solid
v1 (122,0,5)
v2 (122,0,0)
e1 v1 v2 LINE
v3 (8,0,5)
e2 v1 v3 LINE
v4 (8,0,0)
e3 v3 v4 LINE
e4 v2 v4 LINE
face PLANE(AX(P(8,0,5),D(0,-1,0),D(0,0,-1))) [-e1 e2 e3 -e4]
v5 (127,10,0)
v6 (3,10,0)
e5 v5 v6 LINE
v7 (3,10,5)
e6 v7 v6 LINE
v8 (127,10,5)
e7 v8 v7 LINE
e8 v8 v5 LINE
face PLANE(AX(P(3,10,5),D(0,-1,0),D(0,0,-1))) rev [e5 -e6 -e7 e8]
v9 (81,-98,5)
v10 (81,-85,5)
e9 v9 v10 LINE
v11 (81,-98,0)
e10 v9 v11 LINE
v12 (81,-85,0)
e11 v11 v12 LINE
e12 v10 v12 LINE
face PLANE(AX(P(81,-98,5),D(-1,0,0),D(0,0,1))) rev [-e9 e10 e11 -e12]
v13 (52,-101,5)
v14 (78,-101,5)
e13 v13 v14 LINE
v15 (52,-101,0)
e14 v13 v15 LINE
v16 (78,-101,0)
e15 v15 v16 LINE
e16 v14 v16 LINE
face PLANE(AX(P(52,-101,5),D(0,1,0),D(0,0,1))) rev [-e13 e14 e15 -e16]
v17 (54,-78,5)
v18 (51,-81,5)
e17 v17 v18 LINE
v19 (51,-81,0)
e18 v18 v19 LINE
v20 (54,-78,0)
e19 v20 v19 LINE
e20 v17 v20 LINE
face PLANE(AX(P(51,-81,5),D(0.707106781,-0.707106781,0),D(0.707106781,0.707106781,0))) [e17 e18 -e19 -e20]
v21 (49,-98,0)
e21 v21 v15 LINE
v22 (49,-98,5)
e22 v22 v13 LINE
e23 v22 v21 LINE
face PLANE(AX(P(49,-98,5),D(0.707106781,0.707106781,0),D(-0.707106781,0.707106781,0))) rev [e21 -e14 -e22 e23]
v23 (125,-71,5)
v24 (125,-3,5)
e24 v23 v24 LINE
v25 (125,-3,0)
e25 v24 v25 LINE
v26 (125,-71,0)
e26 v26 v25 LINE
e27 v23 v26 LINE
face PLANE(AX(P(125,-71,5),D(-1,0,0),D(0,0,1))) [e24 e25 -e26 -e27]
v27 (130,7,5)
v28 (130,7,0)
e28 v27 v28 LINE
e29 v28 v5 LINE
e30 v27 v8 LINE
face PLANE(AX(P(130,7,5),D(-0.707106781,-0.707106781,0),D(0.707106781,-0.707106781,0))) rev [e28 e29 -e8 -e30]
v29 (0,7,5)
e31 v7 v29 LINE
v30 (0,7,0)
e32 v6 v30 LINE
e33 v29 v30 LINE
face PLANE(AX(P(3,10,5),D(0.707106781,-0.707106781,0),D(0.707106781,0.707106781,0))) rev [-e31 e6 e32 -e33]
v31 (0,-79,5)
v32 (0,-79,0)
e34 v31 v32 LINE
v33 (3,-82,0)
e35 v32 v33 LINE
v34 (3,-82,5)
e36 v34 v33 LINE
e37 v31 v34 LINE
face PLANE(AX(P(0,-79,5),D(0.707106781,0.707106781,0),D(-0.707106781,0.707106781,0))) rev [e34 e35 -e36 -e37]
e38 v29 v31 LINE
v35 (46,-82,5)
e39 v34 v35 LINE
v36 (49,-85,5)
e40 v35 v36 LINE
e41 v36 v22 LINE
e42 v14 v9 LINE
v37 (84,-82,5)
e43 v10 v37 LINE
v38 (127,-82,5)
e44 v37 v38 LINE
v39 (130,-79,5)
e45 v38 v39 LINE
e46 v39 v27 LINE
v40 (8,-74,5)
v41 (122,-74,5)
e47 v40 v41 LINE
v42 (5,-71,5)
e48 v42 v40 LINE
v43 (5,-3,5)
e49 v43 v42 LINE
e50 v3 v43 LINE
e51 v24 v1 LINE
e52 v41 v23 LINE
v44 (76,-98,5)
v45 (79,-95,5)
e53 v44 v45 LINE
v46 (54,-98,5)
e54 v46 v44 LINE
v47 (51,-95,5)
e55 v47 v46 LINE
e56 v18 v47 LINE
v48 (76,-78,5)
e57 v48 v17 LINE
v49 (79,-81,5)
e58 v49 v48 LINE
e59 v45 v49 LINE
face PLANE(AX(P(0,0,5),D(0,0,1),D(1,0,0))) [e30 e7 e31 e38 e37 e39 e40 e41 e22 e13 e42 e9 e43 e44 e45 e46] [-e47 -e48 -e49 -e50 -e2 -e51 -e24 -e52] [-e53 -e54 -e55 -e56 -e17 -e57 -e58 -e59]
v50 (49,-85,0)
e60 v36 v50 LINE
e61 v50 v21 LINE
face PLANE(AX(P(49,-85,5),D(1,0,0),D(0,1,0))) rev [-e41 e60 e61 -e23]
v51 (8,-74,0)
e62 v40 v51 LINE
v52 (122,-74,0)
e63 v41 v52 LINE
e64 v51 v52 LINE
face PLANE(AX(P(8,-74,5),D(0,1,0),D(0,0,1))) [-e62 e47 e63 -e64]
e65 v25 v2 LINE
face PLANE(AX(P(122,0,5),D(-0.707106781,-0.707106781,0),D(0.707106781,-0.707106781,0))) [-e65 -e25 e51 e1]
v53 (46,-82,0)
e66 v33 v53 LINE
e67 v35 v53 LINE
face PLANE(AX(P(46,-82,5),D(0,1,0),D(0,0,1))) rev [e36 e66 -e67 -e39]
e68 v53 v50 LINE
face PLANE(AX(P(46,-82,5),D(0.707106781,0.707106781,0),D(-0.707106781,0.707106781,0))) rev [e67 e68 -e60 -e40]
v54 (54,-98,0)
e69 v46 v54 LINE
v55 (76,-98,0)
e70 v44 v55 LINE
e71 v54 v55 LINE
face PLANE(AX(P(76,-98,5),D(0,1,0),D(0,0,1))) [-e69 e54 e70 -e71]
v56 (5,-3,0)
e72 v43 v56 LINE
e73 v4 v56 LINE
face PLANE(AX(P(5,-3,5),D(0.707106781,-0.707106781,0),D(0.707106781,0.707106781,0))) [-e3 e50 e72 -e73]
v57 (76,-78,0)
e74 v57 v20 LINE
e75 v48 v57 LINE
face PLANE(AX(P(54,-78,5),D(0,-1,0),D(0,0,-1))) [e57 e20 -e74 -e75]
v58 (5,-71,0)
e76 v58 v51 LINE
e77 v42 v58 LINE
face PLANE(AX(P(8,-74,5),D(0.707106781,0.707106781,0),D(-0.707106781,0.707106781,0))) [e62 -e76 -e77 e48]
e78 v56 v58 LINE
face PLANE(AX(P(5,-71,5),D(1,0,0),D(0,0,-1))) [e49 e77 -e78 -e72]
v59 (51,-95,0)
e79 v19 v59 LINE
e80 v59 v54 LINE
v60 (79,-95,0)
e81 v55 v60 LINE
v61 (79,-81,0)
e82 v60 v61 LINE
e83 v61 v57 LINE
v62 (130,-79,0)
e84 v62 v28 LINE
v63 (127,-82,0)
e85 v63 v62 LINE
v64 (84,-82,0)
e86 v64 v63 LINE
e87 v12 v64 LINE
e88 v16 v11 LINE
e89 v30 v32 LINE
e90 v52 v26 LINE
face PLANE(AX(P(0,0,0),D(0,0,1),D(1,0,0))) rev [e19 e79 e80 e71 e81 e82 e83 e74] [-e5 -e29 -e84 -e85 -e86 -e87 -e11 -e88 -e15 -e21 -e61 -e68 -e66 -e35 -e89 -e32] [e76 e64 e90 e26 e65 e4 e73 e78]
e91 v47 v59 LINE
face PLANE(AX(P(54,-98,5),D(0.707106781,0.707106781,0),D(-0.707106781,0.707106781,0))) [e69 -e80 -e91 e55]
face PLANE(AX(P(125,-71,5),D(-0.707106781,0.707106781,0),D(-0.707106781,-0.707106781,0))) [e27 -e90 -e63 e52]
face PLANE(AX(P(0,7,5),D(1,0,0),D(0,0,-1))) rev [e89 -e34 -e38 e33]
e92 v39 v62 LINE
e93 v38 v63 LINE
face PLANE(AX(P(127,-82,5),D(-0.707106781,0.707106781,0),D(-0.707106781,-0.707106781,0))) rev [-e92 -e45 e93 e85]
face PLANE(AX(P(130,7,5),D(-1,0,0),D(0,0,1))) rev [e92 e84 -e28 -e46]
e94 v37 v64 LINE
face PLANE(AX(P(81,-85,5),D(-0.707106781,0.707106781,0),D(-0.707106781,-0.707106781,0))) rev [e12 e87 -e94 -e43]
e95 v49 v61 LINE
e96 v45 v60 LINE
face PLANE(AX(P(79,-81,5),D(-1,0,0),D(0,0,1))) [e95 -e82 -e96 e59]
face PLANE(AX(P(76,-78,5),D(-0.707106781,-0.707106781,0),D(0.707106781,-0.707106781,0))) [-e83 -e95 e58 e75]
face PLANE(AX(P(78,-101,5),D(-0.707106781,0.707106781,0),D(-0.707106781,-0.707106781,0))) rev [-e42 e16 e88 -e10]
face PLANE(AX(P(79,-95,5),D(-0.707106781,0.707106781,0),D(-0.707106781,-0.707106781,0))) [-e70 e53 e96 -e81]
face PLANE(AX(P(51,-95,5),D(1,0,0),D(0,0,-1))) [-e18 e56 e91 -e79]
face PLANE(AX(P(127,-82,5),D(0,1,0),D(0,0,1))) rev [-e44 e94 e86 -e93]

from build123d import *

# Parameters (mm, degrees)
BOSS_EXTRUDE1_DEPTH = 5


with BuildPart() as part:
    # Sketch1 → Boss-Extrude1 (new body)
    with BuildSketch(Plane.XY):
        Polygon((3, 10), (127, 10), (130, 7), (130, -79), (127, -82), (84, -82), (81, -85), (81, -98), (78, -101), (52, -101), (49, -98), (49, -85), (46, -82), (3, -82), (0, -79), (0, 7), align=None)
        Polygon((125, -71), (125, -3), (122, 0), (8, 0), (5, -3), (5, -71), (8, -74), (122, -74), align=None, mode=Mode.SUBTRACT)
        Polygon((54, -78), (76, -78), (79, -81), (79, -95), (76, -98), (54, -98), (51, -95), (51, -81), align=None, mode=Mode.SUBTRACT)
    extrude(amount=BOSS_EXTRUDE1_DEPTH)


solid = part.part
